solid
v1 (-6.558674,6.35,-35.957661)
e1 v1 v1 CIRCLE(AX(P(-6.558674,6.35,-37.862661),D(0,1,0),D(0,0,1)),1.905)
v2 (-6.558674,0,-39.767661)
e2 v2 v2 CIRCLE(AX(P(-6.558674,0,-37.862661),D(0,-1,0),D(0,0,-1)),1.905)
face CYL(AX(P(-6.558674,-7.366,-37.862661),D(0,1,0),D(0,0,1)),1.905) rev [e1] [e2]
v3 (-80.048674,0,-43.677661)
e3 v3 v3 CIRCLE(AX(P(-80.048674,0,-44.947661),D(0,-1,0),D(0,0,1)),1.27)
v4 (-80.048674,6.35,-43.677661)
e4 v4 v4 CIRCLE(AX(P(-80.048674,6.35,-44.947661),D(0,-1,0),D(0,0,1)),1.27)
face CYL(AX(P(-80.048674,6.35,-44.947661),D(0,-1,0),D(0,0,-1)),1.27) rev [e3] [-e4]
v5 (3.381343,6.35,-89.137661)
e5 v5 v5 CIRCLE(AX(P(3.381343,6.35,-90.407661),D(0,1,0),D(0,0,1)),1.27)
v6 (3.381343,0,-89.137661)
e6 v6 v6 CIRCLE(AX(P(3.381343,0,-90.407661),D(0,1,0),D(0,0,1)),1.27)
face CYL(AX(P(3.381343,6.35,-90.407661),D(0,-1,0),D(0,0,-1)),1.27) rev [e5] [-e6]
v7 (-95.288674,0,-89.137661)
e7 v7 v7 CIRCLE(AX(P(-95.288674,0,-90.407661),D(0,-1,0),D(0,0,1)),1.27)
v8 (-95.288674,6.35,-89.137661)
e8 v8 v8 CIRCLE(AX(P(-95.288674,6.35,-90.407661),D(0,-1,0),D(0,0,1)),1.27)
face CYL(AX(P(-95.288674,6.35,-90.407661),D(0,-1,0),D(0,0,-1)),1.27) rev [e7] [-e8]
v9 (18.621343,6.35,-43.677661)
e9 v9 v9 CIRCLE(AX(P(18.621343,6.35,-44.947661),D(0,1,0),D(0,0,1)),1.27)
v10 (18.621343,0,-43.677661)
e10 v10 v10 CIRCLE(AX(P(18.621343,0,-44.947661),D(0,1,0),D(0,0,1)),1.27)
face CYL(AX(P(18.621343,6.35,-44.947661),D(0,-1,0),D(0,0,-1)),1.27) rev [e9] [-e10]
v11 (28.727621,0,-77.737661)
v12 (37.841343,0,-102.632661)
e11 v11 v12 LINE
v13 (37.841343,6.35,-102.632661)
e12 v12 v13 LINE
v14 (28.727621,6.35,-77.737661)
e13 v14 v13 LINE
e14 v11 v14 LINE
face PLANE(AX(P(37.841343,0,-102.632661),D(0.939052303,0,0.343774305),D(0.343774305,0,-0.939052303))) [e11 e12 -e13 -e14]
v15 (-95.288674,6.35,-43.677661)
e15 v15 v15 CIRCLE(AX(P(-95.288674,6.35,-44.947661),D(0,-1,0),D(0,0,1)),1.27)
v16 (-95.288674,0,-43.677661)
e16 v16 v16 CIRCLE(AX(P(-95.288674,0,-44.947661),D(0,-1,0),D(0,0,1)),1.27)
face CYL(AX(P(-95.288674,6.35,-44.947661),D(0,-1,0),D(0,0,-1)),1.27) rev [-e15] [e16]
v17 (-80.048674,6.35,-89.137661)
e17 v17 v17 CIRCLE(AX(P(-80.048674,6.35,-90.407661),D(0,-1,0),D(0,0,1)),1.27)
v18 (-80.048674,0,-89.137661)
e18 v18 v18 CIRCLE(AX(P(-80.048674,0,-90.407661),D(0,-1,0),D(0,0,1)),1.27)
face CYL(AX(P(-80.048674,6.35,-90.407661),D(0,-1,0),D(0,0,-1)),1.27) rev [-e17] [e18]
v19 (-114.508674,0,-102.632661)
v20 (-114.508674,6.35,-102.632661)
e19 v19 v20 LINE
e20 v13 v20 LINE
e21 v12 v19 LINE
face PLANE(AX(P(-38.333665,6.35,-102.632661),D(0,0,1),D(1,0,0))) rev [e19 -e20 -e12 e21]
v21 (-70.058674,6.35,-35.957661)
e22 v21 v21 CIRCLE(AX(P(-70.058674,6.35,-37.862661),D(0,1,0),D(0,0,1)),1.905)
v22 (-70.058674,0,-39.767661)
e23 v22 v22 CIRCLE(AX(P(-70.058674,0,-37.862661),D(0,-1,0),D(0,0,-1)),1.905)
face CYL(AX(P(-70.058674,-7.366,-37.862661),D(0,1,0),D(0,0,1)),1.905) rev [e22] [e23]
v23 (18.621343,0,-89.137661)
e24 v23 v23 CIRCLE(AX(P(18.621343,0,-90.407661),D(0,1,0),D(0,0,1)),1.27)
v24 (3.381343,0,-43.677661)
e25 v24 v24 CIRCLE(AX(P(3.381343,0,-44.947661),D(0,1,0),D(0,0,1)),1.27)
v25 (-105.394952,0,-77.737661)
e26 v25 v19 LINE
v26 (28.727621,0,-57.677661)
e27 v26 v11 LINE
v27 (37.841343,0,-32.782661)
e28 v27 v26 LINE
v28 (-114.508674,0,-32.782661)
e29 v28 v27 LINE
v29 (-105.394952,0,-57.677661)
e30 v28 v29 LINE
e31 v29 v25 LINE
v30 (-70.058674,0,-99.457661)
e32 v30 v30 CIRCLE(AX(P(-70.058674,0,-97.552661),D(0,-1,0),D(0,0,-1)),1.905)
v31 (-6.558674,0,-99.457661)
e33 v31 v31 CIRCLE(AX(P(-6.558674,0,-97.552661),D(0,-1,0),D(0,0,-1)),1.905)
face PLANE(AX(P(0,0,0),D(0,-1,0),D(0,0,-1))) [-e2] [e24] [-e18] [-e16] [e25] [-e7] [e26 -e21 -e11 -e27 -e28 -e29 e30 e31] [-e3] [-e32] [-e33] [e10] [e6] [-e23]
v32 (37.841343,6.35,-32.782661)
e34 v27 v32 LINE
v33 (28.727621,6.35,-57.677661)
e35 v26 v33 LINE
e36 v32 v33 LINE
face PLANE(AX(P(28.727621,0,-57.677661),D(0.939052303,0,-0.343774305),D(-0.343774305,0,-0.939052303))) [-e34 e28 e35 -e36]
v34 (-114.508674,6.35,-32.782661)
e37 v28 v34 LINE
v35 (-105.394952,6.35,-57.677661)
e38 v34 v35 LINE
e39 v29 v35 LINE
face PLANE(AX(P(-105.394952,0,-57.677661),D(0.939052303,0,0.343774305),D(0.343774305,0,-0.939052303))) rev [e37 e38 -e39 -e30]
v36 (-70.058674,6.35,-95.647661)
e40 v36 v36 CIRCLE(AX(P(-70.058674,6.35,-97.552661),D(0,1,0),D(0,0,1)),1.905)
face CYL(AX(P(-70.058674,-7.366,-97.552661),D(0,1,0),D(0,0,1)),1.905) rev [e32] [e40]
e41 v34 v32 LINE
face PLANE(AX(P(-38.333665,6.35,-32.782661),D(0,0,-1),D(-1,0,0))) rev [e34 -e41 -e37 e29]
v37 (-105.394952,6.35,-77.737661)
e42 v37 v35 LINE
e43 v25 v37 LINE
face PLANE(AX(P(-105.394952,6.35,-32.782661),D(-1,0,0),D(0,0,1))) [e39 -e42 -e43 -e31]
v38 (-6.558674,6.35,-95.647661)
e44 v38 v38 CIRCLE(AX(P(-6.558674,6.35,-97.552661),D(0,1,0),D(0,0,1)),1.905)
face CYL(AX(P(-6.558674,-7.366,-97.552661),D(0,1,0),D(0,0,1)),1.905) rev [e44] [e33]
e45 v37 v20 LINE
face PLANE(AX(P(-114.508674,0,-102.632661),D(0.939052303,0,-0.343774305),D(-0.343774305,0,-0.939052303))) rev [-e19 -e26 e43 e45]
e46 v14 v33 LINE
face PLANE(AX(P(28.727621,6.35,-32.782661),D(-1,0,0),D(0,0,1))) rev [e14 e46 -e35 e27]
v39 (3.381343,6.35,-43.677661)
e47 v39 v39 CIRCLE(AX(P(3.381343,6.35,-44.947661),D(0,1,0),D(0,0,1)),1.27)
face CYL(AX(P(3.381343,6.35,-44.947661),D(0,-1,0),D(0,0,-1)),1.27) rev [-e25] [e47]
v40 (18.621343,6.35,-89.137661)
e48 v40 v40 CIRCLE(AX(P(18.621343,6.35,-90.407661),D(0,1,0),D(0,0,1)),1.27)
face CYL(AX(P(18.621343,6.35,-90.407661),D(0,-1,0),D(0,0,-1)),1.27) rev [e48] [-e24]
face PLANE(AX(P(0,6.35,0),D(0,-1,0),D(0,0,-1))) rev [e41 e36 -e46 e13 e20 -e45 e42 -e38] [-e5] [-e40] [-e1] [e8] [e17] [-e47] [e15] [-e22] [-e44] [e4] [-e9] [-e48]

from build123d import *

# Parameters (mm, degrees)
SKETCH1_W           = 67.061286962
SKETCH1_H           = 69.85
SKETCH1_R           = 1.27
BOSS_EXTRUDE1_DEPTH = 6.35
SKETCH2_W           = 20.976278342
SKETCH2_H           = 20.060000012
BOSS_EXTRUDE2_DEPTH = 12.7
BOSS_EXTRUDE3_DEPTH = 6.35
SKETCH4_W           = 170.998259203
SKETCH4_H           = 17.997071231
CUT_EXTRUDE1_DEPTH  = 70.85
SKETCH8_R           = 1.905
CUT_EXTRUDE3_DEPTH  = 13.716


with BuildPart() as part:
    # Sketch1 → Boss-Extrude1 (new body)
    with BuildSketch(Plane(origin=(0, 0, 0), x_dir=(1, 0, 0), z_dir=(0, 1, 0))):
        with Locations((-4.803022, 67.707661351)):
            Rectangle(SKETCH1_W, SKETCH1_H)
        with Locations((3.381343157, 90.407661351)):
            Circle(SKETCH1_R, mode=Mode.SUBTRACT)
        with Locations((18.621343157, 90.407661351)):
            Circle(SKETCH1_R, mode=Mode.SUBTRACT)
        with Locations((3.381343157, 44.947661351)):
            Circle(SKETCH1_R, mode=Mode.SUBTRACT)
        with Locations((18.621343157, 44.947661351)):
            Circle(SKETCH1_R, mode=Mode.SUBTRACT)
    boss_extrude1 = extrude(amount=BOSS_EXTRUDE1_DEPTH)

    # Sketch2 → Boss-Extrude2 (add)
    with BuildSketch(Plane(origin=(0, 6.35, 0), x_dir=(1, 0, 0), z_dir=(0, 1, 0))):
        with Locations((18.23948231, 67.707661351)):
            Rectangle(SKETCH2_W, SKETCH2_H)
    boss_extrude2 = extrude(amount=BOSS_EXTRUDE2_DEPTH)

    # Sketch3 → Boss-Extrude3 (add)
    with BuildSketch(Plane(origin=(0, 6.35, 0), x_dir=(1, 0, 0), z_dir=(0, 1, 0))):
        Polygon((37.841343157, 102.632661351), (28.727621481, 77.737661357), (28.727621481, 102.632661351), align=None)
        Polygon((28.727621481, 57.677661345), (37.841343157, 32.782661351), (28.727621481, 32.782661351), align=None)
    boss_extrude3 = extrude(amount=-BOSS_EXTRUDE3_DEPTH)

    # Mirror2: Boss-Extrude1, Boss-Extrude2, Boss-Extrude3 across plane
    add(boss_extrude1.mirror(Plane(origin=(-38.333665481, 6.35, -32.782661351), x_dir=(0, 0, 1), z_dir=(1, 0, 0))))
    add(boss_extrude2.mirror(Plane(origin=(-38.333665481, 6.35, -32.782661351), x_dir=(0, 0, 1), z_dir=(1, 0, 0))))
    add(boss_extrude3.mirror(Plane(origin=(-38.333665481, 6.35, -32.782661351), x_dir=(0, 0, 1), z_dir=(1, 0, 0))))

    # Sketch4 → Cut-Extrude1 (cut, through all)
    with BuildSketch(Plane.XY.offset(-32.782661351)):
        with Locations((-47.657786445, 15.348535616)):
            Rectangle(SKETCH4_W, SKETCH4_H)
    extrude(amount=-CUT_EXTRUDE1_DEPTH, mode=Mode.SUBTRACT)

    # Sketch8 → Cut-Extrude3 (cut)
    with BuildSketch(Plane(origin=(0, 6.35, 0), x_dir=(1, 0, 0), z_dir=(0, 1, 0))):
        with Locations((-6.558674119, 97.552661351)):
            Circle(SKETCH8_R)
        with Locations((-6.558674119, 37.862661351)):
            Circle(SKETCH8_R)
        with Locations((-171.91881552, 187.895953706)):
            Circle(SKETCH8_R)
        with Locations((-70.058674119, 97.552661351)):
            Circle(SKETCH8_R)
        with Locations((-70.058674119, 37.862661351)):
            Circle(SKETCH8_R)
    extrude(amount=-CUT_EXTRUDE3_DEPTH, mode=Mode.SUBTRACT)


solid = part.part
